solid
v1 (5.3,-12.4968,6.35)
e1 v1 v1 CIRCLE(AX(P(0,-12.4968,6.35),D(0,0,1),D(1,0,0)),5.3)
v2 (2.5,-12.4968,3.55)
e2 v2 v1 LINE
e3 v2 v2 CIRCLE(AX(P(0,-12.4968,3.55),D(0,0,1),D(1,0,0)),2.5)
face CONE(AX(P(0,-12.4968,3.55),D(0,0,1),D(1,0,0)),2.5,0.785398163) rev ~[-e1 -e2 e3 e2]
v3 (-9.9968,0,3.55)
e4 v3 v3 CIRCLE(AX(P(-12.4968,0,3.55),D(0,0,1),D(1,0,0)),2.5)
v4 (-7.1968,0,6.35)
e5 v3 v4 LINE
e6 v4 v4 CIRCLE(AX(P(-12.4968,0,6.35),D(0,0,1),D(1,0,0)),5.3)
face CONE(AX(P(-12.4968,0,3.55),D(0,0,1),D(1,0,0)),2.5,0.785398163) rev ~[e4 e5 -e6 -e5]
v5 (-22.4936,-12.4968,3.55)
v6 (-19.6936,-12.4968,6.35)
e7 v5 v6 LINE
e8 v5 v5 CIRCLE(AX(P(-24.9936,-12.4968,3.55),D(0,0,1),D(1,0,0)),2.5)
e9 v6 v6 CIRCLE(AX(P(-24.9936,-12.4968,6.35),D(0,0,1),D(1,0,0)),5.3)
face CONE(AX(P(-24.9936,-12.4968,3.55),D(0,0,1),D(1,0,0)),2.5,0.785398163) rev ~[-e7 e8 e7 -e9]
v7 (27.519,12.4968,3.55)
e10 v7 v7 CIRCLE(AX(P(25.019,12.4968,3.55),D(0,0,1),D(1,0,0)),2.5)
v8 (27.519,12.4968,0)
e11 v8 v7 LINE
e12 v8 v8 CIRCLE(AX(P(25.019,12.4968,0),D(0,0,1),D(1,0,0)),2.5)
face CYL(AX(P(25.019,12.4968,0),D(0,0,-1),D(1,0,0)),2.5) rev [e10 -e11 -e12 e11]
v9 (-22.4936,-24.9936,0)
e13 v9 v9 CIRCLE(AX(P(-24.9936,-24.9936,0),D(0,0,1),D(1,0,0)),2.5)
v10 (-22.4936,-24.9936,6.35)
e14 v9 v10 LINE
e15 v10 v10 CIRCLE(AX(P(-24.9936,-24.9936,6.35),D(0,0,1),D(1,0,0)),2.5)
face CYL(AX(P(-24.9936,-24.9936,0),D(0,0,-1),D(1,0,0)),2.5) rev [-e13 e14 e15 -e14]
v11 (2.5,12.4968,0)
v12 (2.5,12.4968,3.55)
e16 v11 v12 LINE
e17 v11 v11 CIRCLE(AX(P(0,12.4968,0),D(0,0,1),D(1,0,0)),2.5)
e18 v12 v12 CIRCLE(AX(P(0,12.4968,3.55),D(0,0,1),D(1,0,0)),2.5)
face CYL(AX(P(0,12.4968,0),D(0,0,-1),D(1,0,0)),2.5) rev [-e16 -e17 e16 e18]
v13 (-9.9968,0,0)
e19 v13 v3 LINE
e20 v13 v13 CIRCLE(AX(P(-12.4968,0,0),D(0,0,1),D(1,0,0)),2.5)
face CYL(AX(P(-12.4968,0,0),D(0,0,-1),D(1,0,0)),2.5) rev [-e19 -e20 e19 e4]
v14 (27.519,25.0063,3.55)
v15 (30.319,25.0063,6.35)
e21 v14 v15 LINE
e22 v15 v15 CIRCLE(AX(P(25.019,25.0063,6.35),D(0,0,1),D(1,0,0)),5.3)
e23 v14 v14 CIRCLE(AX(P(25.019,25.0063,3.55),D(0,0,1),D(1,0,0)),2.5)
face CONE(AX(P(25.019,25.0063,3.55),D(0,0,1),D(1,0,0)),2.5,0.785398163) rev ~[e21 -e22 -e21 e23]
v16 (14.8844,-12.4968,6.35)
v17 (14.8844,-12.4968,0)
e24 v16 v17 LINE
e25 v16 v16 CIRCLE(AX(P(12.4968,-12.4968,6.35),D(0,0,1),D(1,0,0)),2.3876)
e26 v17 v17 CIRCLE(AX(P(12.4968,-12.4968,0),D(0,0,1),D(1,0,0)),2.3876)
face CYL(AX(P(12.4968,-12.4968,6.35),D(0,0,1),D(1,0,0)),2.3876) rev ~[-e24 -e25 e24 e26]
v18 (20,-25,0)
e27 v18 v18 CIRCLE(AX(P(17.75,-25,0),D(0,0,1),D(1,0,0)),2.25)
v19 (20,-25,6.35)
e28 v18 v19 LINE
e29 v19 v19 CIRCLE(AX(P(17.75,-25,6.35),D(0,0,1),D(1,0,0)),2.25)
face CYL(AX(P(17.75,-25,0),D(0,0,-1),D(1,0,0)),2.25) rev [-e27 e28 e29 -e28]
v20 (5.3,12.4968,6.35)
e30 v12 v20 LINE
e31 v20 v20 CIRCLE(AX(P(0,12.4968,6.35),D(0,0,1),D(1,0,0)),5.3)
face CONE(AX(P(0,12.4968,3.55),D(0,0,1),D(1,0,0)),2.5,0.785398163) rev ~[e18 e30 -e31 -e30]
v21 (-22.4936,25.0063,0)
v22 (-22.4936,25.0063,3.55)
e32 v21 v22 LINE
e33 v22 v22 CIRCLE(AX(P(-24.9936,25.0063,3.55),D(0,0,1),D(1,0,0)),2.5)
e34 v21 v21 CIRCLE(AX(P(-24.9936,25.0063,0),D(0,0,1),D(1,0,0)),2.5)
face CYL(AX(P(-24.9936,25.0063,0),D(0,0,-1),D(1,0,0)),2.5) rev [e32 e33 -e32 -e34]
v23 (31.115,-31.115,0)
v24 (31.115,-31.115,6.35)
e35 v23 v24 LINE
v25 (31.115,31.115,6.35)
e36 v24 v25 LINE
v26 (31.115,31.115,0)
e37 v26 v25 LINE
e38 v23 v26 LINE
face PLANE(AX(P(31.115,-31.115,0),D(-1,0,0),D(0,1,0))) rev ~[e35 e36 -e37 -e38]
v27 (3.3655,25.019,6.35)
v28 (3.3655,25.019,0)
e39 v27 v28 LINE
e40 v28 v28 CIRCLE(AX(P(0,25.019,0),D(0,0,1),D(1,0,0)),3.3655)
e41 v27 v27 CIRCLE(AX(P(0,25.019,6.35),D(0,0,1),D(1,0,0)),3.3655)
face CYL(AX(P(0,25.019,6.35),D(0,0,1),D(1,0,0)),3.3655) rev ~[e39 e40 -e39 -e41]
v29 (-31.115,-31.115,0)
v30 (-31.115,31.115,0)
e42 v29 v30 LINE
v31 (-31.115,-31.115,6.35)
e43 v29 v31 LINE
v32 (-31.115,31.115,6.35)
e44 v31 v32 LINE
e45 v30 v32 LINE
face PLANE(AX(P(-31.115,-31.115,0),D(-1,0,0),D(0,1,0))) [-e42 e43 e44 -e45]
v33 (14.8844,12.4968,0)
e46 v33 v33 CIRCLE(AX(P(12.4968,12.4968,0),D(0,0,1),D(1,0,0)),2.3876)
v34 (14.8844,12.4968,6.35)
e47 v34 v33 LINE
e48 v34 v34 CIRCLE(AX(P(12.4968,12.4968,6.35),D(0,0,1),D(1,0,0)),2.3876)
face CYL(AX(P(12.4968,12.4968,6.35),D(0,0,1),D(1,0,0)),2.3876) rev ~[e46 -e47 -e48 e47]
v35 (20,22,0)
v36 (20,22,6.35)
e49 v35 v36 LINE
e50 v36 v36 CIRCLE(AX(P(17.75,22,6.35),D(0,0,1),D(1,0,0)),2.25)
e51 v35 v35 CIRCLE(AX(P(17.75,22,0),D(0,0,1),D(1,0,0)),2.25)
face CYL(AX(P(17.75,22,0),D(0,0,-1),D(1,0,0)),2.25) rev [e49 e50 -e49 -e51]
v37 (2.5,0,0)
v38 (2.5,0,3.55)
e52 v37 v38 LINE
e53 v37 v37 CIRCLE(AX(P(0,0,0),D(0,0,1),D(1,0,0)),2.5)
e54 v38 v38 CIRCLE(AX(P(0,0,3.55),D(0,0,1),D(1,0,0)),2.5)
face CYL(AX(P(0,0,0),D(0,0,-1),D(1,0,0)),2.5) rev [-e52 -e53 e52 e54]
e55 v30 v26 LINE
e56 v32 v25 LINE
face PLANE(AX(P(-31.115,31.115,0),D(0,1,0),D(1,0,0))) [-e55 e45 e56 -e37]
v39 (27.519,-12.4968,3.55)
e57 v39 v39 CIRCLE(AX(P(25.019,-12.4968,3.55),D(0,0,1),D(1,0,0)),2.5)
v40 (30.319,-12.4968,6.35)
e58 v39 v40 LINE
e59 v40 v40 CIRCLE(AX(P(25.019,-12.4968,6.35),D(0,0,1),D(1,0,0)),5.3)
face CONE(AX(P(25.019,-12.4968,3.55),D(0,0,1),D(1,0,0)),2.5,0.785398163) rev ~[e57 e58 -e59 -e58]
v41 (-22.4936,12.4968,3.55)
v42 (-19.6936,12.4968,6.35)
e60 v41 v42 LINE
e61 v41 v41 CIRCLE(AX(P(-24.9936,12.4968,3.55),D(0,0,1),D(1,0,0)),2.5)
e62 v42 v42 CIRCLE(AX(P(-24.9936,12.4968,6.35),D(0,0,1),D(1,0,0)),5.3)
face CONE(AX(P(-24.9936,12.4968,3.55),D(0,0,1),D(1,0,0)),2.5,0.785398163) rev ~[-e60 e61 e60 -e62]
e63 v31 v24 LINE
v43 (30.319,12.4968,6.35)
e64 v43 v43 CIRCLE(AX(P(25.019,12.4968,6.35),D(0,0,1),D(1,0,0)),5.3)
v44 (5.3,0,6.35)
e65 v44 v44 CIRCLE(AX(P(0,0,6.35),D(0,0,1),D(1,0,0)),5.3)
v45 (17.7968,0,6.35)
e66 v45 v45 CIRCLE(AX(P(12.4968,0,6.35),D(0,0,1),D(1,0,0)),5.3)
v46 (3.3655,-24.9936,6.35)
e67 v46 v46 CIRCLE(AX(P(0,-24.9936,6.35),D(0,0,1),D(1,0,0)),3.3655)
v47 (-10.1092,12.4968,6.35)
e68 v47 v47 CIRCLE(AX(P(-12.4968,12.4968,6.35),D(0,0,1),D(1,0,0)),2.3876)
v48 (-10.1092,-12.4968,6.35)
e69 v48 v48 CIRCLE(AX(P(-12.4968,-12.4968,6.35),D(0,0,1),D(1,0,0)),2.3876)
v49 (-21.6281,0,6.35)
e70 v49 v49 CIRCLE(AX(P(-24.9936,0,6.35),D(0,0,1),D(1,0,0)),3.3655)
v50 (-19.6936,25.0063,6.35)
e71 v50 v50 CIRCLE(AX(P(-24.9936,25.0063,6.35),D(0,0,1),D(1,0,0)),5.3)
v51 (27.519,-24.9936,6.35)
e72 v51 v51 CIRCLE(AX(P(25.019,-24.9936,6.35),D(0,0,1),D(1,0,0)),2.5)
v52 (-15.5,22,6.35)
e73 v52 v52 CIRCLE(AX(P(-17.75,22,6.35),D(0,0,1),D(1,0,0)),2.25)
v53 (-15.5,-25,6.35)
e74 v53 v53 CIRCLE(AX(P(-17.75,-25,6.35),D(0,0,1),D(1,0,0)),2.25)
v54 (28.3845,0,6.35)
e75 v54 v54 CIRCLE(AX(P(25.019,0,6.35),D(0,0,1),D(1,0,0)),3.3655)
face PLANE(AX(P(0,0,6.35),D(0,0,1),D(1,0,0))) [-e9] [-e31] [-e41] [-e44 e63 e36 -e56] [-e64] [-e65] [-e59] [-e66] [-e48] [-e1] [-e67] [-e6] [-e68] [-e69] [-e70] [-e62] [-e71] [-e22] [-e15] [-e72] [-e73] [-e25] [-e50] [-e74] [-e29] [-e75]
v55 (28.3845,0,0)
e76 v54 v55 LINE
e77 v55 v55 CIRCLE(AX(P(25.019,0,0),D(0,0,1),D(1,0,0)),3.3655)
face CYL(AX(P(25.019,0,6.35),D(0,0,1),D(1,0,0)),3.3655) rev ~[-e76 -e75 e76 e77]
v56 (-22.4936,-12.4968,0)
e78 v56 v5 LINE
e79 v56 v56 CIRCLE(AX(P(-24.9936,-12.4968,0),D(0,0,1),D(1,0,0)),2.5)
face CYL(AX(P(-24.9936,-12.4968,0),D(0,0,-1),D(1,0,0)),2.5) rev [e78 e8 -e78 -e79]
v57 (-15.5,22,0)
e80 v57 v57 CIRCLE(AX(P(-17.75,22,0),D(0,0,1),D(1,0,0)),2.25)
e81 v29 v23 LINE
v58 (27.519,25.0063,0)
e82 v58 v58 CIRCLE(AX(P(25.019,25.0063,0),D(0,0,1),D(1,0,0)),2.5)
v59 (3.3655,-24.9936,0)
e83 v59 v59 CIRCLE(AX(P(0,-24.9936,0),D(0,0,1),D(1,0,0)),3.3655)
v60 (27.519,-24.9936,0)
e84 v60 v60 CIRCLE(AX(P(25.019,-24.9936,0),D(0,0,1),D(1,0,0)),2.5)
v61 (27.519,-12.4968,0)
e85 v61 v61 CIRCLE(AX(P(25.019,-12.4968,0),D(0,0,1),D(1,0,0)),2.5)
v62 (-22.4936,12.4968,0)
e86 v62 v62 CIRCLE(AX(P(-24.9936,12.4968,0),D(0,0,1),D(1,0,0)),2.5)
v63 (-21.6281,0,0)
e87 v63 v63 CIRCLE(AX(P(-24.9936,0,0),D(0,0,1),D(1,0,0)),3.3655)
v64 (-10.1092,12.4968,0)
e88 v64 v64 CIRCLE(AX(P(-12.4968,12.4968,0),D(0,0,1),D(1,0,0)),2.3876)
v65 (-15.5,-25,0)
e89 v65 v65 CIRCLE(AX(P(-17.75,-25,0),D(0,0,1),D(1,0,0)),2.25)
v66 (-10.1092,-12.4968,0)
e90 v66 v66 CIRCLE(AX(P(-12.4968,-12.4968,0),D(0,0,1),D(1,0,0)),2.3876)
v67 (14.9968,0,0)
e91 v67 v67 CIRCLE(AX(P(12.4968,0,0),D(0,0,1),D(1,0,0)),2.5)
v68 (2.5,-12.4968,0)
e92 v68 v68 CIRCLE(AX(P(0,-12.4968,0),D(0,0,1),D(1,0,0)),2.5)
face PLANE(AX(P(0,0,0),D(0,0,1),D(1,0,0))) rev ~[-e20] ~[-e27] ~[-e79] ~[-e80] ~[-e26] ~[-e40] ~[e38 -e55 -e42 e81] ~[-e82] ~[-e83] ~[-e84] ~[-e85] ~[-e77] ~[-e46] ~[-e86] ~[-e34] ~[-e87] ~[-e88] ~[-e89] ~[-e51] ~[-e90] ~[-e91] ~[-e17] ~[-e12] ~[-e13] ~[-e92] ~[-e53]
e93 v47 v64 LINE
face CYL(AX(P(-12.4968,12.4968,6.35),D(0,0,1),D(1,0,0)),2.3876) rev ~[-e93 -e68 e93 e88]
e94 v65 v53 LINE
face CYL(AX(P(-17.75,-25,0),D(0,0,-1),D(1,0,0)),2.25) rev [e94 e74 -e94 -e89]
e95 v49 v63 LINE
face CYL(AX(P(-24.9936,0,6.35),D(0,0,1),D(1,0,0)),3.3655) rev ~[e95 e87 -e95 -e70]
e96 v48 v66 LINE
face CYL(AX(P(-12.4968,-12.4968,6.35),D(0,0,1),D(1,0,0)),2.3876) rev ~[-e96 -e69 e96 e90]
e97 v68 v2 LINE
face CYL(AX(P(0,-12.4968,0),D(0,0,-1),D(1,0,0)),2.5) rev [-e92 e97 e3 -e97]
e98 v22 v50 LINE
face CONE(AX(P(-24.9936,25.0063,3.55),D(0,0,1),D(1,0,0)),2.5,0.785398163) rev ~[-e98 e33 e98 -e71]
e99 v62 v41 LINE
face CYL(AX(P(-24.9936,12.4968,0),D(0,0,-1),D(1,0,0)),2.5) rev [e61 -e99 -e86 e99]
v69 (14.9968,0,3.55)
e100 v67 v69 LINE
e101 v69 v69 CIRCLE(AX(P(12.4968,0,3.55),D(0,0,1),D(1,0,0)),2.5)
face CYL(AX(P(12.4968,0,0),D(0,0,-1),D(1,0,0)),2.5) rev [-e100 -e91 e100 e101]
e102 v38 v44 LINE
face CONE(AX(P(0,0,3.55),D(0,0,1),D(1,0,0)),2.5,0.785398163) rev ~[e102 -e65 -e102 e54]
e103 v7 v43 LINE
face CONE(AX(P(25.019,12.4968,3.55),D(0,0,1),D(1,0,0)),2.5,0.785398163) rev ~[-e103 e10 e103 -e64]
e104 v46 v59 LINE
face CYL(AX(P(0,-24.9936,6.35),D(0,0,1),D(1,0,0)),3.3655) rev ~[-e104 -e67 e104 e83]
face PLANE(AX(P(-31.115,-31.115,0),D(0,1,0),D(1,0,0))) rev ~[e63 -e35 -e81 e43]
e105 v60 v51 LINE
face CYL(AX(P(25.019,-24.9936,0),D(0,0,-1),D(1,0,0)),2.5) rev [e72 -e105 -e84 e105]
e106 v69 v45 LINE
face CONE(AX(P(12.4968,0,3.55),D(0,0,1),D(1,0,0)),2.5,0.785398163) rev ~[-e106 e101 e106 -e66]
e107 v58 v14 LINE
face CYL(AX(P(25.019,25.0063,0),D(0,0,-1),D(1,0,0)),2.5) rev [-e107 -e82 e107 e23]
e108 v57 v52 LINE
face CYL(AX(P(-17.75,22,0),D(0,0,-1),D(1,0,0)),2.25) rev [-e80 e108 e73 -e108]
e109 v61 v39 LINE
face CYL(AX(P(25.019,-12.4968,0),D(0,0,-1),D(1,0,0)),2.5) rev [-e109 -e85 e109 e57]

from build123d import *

# Parameters (mm, degrees)
SKETCH1_W           = 62.23
SKETCH1_H           = 62.23
SKETCH1_R           = 2.5
SKETCH1_R_2         = 2.25
BOSS_EXTRUDE1_DEPTH = 6.35
CHAMFER1_SIZE       = 2.8
SKETCH2_R           = 3.3655
SKETCH2_R_2         = 2.3876
CUT_EXTRUDE2_DEPTH  = 45.459070503


with BuildPart() as part:
    # Sketch1 → Boss-Extrude1 (new body)
    with BuildSketch(Plane.XY):
        Rectangle(SKETCH1_W, SKETCH1_H)
        with Locations((25.019, 25.0063)):
            Circle(SKETCH1_R, mode=Mode.SUBTRACT)
        with Locations((25.019, 12.4968)):
            Circle(SKETCH1_R, mode=Mode.SUBTRACT)
        with Locations((25.019, -12.4968)):
            Circle(SKETCH1_R, mode=Mode.SUBTRACT)
        with Locations((25.019, -24.9936)):
            Circle(SKETCH1_R, mode=Mode.SUBTRACT)
        with Locations((12.4968, 0)):
            Circle(SKETCH1_R, mode=Mode.SUBTRACT)
        with Locations((0, 12.4968)):
            Circle(SKETCH1_R, mode=Mode.SUBTRACT)
        Circle(SKETCH1_R, mode=Mode.SUBTRACT)
        with Locations((0, -12.4968)):
            Circle(SKETCH1_R, mode=Mode.SUBTRACT)
        with Locations((-24.9936, -24.9936)):
            Circle(SKETCH1_R, mode=Mode.SUBTRACT)
        with Locations((-24.9936, -12.4968)):
            Circle(SKETCH1_R, mode=Mode.SUBTRACT)
        with Locations((-12.4968, 0)):
            Circle(SKETCH1_R, mode=Mode.SUBTRACT)
        with Locations((-24.9936, 25.0063)):
            Circle(SKETCH1_R, mode=Mode.SUBTRACT)
        with Locations((-24.9936, 12.4968)):
            Circle(SKETCH1_R, mode=Mode.SUBTRACT)
        with Locations((-17.75, 22)):
            Circle(SKETCH1_R_2, mode=Mode.SUBTRACT)
        with Locations((17.75, 22)):
            Circle(SKETCH1_R_2, mode=Mode.SUBTRACT)
        with Locations((17.75, -25)):
            Circle(SKETCH1_R_2, mode=Mode.SUBTRACT)
        with Locations((-17.75, -25)):
            Circle(SKETCH1_R_2, mode=Mode.SUBTRACT)
    extrude(amount=BOSS_EXTRUDE1_DEPTH)

    # Chamfer1
    chamfer1_edges = [part.edges().sort_by_distance(p)[0] for p in [
        (22.519, 25.0063, 6.35),
        (22.519, 12.4968, 6.35),
        (22.519, -12.4968, 6.35),
        (9.9968, 0, 6.35),
        (-2.5, 12.4968, 6.35),
        (-2.5, 0, 6.35),
        (-2.5, -12.4968, 6.35),
        (-27.4936, -12.4968, 6.35),
        (-14.9968, 0, 6.35),
        (-27.4936, 25.0063, 6.35),
        (-27.4936, 12.4968, 6.35),
    ]]
    chamfer(chamfer1_edges, length=CHAMFER1_SIZE)

    # Sketch2 → Cut-Extrude2 (cut, through all)
    with BuildSketch(Plane.XY.offset(6.35)):
        with Locations((0, -24.9936)):
            Circle(SKETCH2_R)
        with Locations((0, 25.019)):
            Circle(SKETCH2_R)
        with Locations((12.4968, 12.4968)):
            Circle(SKETCH2_R_2)
        with Locations((-12.4968, 12.4968)):
            Circle(SKETCH2_R_2)
        with Locations((-12.4968, -12.4968)):
            Circle(SKETCH2_R_2)
        with Locations((12.4968, -12.4968)):
            Circle(SKETCH2_R_2)
        with Locations((25.019, 0)):
            Circle(SKETCH2_R)
        with Locations((-24.9936, 0)):
            Circle(SKETCH2_R)
    extrude(amount=-CUT_EXTRUDE2_DEPTH, mode=Mode.SUBTRACT)


solid = part.part
